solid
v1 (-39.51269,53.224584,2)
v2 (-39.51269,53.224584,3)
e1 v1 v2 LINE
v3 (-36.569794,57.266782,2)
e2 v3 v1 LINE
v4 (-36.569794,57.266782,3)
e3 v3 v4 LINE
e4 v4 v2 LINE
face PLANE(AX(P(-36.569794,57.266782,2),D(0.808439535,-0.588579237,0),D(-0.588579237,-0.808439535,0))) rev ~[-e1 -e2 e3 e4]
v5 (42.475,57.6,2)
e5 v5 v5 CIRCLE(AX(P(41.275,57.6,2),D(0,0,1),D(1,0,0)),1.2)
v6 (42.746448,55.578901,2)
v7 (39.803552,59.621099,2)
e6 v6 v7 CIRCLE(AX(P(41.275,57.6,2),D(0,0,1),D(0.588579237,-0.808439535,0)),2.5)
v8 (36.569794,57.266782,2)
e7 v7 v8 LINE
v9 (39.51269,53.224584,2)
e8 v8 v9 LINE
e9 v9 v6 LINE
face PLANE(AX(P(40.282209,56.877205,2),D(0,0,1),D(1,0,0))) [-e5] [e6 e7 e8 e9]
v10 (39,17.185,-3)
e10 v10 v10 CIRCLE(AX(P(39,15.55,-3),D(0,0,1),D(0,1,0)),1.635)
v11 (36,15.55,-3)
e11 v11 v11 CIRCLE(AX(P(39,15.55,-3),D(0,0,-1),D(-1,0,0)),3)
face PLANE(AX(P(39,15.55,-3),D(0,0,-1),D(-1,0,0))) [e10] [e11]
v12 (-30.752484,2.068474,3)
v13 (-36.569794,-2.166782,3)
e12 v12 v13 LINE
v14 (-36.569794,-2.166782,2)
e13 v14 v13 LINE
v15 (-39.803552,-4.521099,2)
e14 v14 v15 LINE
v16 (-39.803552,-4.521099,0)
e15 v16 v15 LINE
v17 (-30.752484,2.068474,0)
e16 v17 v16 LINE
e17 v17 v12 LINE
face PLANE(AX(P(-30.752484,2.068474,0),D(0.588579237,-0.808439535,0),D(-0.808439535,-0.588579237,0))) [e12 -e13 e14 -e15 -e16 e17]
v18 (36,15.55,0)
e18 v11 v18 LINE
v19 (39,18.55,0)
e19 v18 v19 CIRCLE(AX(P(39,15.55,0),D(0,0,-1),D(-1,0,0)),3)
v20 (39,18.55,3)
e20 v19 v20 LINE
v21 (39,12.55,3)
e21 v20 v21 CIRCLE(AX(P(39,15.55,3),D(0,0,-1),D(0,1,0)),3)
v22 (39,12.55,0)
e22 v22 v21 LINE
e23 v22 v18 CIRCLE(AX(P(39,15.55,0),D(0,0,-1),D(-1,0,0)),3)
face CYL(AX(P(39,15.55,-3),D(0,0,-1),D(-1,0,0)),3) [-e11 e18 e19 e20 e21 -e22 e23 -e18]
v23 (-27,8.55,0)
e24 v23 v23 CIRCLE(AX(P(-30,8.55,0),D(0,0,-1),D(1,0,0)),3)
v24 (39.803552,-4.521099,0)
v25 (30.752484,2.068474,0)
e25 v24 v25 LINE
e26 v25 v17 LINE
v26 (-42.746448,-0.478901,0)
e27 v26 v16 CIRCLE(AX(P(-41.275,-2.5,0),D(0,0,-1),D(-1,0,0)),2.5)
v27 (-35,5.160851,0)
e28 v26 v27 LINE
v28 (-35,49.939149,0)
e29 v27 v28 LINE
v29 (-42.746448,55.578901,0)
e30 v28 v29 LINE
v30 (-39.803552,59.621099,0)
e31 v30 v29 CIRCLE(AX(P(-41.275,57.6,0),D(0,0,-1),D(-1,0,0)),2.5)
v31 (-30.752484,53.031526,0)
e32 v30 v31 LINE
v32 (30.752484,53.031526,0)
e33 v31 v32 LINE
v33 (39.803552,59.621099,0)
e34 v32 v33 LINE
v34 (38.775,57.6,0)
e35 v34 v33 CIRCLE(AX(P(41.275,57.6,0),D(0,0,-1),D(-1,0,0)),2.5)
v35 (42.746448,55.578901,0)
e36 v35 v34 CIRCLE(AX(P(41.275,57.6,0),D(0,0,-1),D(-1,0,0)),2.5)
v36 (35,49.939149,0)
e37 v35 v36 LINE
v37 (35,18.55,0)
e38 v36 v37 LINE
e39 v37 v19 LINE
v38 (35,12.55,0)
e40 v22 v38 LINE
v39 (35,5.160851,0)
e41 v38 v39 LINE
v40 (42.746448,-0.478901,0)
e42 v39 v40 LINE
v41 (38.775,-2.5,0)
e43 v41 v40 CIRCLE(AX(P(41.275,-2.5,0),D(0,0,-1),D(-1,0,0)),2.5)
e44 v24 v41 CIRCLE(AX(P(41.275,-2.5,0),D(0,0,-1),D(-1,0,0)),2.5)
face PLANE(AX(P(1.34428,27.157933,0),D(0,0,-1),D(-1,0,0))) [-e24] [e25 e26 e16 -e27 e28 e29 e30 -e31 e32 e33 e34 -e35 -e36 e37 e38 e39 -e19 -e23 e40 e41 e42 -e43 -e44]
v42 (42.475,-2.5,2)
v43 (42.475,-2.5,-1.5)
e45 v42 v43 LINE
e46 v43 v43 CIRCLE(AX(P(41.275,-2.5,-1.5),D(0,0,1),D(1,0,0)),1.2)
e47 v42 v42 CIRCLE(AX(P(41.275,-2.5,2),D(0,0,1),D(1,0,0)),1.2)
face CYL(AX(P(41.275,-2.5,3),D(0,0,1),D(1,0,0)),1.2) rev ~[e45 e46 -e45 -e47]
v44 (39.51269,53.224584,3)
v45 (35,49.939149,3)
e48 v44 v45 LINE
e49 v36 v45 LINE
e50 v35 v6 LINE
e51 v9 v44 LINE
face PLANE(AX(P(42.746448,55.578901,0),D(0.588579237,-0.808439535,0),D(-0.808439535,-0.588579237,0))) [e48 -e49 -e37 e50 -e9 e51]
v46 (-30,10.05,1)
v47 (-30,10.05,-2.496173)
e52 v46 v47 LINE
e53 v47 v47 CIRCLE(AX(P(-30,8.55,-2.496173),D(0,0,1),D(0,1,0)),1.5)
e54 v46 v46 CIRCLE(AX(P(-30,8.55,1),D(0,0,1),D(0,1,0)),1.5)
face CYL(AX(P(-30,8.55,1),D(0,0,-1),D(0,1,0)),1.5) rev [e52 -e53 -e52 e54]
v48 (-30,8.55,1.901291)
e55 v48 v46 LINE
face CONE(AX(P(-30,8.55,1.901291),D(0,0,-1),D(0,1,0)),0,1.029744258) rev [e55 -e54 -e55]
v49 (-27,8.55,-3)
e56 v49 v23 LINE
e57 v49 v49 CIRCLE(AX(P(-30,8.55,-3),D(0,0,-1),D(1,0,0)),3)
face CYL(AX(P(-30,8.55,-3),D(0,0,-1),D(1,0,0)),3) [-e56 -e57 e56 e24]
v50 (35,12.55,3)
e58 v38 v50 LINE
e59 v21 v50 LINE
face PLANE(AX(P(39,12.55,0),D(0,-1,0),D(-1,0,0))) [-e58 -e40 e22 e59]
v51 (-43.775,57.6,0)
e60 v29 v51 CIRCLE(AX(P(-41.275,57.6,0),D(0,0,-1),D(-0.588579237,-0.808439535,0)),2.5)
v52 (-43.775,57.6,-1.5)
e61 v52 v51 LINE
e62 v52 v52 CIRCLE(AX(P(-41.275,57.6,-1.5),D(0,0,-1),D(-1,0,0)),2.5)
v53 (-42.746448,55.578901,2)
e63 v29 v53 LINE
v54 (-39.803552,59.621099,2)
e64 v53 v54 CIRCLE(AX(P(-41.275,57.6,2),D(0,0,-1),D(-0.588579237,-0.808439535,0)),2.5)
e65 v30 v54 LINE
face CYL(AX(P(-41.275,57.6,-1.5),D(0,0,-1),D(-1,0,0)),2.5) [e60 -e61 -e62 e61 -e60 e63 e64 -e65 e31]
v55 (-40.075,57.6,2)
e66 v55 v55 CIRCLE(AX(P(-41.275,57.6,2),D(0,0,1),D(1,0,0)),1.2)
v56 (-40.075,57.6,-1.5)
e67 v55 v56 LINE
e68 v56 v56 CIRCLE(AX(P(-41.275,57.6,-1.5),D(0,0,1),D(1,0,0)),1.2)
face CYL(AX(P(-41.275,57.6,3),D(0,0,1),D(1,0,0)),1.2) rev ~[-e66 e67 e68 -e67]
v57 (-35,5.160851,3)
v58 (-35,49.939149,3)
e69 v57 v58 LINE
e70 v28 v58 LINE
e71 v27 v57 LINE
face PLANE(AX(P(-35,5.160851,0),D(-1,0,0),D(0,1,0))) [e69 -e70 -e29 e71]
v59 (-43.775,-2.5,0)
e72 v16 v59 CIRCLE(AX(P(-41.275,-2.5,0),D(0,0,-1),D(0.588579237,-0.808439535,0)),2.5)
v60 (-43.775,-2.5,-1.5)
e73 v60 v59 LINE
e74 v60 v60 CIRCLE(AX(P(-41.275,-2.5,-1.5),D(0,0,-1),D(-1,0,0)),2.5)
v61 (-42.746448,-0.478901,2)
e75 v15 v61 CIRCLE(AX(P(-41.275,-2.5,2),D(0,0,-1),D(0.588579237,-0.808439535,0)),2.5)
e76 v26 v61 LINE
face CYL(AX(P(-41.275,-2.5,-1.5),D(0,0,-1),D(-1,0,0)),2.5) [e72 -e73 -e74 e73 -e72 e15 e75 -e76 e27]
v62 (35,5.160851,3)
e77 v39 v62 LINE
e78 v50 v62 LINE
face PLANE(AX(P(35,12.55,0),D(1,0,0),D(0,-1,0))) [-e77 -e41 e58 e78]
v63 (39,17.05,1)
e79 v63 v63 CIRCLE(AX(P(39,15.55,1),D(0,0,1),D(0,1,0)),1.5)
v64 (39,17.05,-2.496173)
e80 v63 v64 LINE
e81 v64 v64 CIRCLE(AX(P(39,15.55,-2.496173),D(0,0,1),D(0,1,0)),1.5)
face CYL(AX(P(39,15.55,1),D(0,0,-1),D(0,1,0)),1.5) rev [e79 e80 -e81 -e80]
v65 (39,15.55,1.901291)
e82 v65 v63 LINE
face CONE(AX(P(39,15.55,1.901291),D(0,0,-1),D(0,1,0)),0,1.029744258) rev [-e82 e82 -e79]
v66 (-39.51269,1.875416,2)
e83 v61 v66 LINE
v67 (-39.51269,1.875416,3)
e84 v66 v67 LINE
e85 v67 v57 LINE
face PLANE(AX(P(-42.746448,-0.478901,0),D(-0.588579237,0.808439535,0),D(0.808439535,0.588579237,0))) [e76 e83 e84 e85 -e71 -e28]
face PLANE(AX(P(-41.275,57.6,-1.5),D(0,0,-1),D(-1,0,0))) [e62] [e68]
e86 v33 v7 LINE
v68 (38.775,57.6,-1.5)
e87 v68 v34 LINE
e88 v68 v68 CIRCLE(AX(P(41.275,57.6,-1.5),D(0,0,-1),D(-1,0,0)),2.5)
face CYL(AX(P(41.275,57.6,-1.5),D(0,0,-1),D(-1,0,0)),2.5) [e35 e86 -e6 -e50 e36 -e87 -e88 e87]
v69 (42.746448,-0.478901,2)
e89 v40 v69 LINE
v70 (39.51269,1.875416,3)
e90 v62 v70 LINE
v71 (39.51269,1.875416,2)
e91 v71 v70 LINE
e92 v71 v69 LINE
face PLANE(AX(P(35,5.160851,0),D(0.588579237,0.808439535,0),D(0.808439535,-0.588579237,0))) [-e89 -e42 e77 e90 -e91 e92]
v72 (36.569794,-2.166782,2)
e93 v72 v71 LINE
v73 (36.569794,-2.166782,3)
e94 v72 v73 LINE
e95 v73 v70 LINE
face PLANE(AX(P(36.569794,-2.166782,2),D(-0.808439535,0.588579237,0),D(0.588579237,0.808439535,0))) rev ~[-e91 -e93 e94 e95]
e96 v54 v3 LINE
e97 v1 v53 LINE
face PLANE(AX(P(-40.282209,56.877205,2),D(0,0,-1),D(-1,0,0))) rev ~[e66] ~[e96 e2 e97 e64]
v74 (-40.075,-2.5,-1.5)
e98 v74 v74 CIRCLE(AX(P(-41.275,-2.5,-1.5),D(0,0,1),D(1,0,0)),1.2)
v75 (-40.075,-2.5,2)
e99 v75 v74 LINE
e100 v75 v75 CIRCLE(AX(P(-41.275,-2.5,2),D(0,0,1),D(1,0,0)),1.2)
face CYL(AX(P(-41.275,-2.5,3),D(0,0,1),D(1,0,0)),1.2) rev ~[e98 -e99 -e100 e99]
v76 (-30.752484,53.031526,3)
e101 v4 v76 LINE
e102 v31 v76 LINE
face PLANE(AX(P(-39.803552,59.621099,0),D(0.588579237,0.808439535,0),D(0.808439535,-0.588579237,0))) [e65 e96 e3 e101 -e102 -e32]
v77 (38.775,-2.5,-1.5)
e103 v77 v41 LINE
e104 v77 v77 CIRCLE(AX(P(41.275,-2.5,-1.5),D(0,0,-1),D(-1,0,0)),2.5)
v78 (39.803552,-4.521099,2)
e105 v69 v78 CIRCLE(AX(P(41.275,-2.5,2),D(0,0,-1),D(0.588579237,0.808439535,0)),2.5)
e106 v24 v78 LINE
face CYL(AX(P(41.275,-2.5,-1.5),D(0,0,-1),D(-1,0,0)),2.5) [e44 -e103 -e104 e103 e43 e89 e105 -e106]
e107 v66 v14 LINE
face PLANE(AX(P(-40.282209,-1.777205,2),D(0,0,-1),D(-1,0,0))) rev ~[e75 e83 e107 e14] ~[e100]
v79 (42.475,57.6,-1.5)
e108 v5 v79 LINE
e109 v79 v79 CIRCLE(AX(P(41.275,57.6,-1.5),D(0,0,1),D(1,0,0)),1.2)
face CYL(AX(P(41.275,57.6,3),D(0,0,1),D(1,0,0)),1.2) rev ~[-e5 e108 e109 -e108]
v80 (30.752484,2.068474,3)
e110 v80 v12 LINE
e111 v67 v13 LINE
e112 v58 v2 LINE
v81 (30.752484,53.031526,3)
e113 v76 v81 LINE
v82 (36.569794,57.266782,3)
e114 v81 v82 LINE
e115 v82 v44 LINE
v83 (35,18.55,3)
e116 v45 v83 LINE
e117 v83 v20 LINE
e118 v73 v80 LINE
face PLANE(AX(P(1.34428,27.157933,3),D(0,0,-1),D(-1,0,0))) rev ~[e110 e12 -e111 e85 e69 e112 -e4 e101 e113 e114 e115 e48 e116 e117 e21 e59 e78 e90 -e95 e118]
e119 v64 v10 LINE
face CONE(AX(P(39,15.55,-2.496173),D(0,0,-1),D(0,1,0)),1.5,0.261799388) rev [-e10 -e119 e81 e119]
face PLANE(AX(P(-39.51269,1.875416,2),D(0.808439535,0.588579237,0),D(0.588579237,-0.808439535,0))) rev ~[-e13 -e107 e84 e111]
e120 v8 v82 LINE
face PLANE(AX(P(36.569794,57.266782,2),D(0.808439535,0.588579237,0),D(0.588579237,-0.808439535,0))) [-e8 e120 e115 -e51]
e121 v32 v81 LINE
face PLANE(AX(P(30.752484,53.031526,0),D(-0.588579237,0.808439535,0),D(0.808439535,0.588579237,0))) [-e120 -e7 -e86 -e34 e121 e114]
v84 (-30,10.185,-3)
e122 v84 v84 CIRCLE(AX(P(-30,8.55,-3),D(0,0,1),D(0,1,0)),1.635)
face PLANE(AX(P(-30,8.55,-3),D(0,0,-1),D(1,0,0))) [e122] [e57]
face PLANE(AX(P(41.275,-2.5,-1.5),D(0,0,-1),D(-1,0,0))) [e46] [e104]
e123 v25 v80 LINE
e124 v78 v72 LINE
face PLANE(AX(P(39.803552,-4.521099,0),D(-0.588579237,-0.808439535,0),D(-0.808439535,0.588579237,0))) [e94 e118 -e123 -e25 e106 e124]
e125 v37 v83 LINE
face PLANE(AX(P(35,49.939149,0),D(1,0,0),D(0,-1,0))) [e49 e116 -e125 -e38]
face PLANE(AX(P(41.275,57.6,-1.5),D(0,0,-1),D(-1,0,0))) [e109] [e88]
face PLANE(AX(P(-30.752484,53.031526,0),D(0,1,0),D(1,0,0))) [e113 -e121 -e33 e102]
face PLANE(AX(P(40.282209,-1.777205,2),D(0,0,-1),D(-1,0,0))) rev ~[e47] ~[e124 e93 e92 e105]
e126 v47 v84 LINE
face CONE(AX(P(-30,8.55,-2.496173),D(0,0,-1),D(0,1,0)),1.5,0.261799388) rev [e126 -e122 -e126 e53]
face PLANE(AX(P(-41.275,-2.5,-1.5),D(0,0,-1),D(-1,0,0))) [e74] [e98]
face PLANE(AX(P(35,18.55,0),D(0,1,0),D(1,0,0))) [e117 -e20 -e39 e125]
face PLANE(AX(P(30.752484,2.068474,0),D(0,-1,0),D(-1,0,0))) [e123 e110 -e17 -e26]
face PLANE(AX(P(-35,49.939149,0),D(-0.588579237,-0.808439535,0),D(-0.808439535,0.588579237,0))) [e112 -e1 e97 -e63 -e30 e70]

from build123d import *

# Parameters (mm, degrees)
BOSS_EXTRUDE1_DEPTH                            = 3
BOSS_EXTRUDE4_START                            = 1.5
SKETCH5_R                                      = 2.5
BOSS_EXTRUDE4_DEPTH                            = 1.5
SKETCH3_R                                      = 1.2
CUT_EXTRUDE1_DEPTH                             = 75.488325428
CUT_EXTRUDE2_START                             = -1
CUT_EXTRUDE2_DEPTH                             = 1
BOSS_EXTRUDE6_START                            = 3
SKETCH8_R                                      = 3
BOSS_EXTRUDE6_DEPTH                            = 3
CSK_FOR_M2_FLAT_HEAD_MACHINE_SCREW1_AT_2_COUNT = 2
CSK_FOR_M2_FLAT_HEAD_MACHINE_SCREW1_AT_2_PITCH = 69.354163538


with BuildPart() as part:
    # Sketch1 → Boss-Extrude1 (new body)
    with BuildSketch(Plane.XY):
        with BuildLine():
            Line((-39.803551907, 59.621098837), (-30.752483537, 53.031526348))
            Line((-30.752483537, 53.031526348), (30.752483537, 53.031526348))
            Line((30.752483537, 53.031526348), (39.803551907, 59.621098837))
            ThreePointArc((39.803551907, 59.621098837), (43.296098837, 59.071448093), (42.746448093, 55.578901163))
            Line((42.746448093, 55.578901163), (35, 49.939149129))
            Line((35, 49.939149129), (35, 18.55))
            Line((35, 18.55), (39, 18.55))
            ThreePointArc((39, 18.55), (42, 15.55), (39, 12.55))
            Line((39, 12.55), (35, 12.55))
            Line((35, 12.55), (35, 5.160850871))
            Line((35, 5.160850871), (42.746448093, -0.478901163))
            ThreePointArc((42.746448093, -0.478901163), (43.296098837, -3.971448093), (39.803551907, -4.521098837))
            Line((39.803551907, -4.521098837), (30.752483537, 2.068473652))
            Line((30.752483537, 2.068473652), (-30.752483537, 2.068473652))
            Line((-30.752483537, 2.068473652), (-39.803551907, -4.521098837))
            ThreePointArc((-39.803551907, -4.521098837), (-43.296098837, -3.971448093), (-42.746448093, -0.478901163))
            Line((-42.746448093, -0.478901163), (-35, 5.160850871))
            Line((-35, 5.160850871), (-35, 49.939149129))
            Line((-35, 49.939149129), (-42.746448093, 55.578901163))
            ThreePointArc((-42.746448093, 55.578901163), (-43.296098837, 59.071448093), (-39.803551907, 59.621098837))
        make_face()
    extrude(amount=BOSS_EXTRUDE1_DEPTH)

    # Sketch5 → Boss-Extrude4 (add)
    with BuildSketch(Plane(origin=(0, 0, 0), x_dir=(-1, 0, 0), z_dir=(0, 0, -1)).offset(BOSS_EXTRUDE4_START)):
        with Locations((-41.275, 57.6)):
            Circle(SKETCH5_R)
        with Locations((41.275, 57.6)):
            Circle(SKETCH5_R)
        with Locations((-41.275, -2.5)):
            Circle(SKETCH5_R)
        with Locations((41.275, -2.5)):
            Circle(SKETCH5_R)
    extrude(amount=-BOSS_EXTRUDE4_DEPTH)

    # Sketch3 → Cut-Extrude1 (cut, through all)
    with BuildSketch(Plane.XY.offset(3)):
        with Locations((-41.275, 57.6)):
            Circle(SKETCH3_R)
        with Locations((41.275, 57.6)):
            Circle(SKETCH3_R)
        with Locations((-41.275, -2.5)):
            Circle(SKETCH3_R)
        with Locations((41.275, -2.5)):
            Circle(SKETCH3_R)
    extrude(amount=-CUT_EXTRUDE1_DEPTH, mode=Mode.SUBTRACT)

    # Sketch7 → Cut-Extrude2 (cut)
    with BuildSketch(Plane.XY.offset(3).offset(CUT_EXTRUDE2_START)):
        with BuildLine():
            Line((-36.569793768, 57.266781888), (-39.512689954, 53.224584214))
            Line((-39.512689954, 53.224584214), (-42.746448093, 55.578901163))
            ThreePointArc((-42.746448093, 55.578901163), (-43.296098837, 59.071448093), (-39.803551907, 59.621098837))
            Line((-39.803551907, 59.621098837), (-36.569793768, 57.266781888))
        make_face()
        with BuildLine():
            Line((-42.746448093, -0.478901163), (-39.512689954, 1.875415786))
            Line((-39.512689954, 1.875415786), (-36.569793768, -2.166781888))
            Line((-36.569793768, -2.166781888), (-39.803551907, -4.521098837))
            ThreePointArc((-39.803551907, -4.521098837), (-43.296098837, -3.971448093), (-42.746448093, -0.478901163))
        make_face()
        with BuildLine():
            Line((39.803551907, -4.521098837), (36.569793768, -2.166781888))
            Line((36.569793768, -2.166781888), (39.512689954, 1.875415786))
            Line((39.512689954, 1.875415786), (42.746448093, -0.478901163))
            ThreePointArc((42.746448093, -0.478901163), (43.296098837, -3.971448093), (39.803551907, -4.521098837))
        make_face()
        with BuildLine():
            Line((39.803551907, 59.621098837), (36.569793768, 57.266781888))
            Line((36.569793768, 57.266781888), (39.512689954, 53.224584214))
            Line((39.512689954, 53.224584214), (42.746448093, 55.578901163))
            ThreePointArc((42.746448093, 55.578901163), (43.296098837, 59.071448093), (39.803551907, 59.621098837))
        make_face()
    extrude(amount=CUT_EXTRUDE2_DEPTH, mode=Mode.SUBTRACT)

    # Sketch8 → Boss-Extrude6 (add)
    with BuildSketch(Plane(origin=(0, 0, 0), x_dir=(-1, 0, 0), z_dir=(0, 0, -1)).offset(BOSS_EXTRUDE6_START)):
        with Locations((-39, 15.55)):
            Circle(SKETCH8_R)
        with Locations(Location((30, 8.55, 0), (0, 0, 180))):
            Circle(SKETCH8_R)
    extrude(amount=-BOSS_EXTRUDE6_DEPTH)

    # Sketch11 → CSK for M2 Flat Head Machine Screw1 (revolve, cut)
    with BuildSketch(Plane(origin=(39, 15.55, -3), x_dir=(0, 1, 0), z_dir=(1, 0, 0))):
        Polygon((0, 0), (0, 4.901290929), (1.5, 4), (1.5, 0.503826859), (1.635, 0), align=None)
    csk_for_m2_flat_head_machine_screw1 = revolve(axis=Axis((39, 15.55, -9.35), (0, 0, 1)), mode=Mode.SUBTRACT)

    # CSK for M2 Flat Head Machine Screw1 at 2: CSK for M2 Flat Head Machine Screw1 ×2
    with Locations(*[Vector(-0.9948934062566149, -0.10093121512748267, 0) * (i * CSK_FOR_M2_FLAT_HEAD_MACHINE_SCREW1_AT_2_PITCH) for i in range(1, CSK_FOR_M2_FLAT_HEAD_MACHINE_SCREW1_AT_2_COUNT)]):
        add(csk_for_m2_flat_head_machine_screw1, mode=Mode.SUBTRACT)


solid = part.part
